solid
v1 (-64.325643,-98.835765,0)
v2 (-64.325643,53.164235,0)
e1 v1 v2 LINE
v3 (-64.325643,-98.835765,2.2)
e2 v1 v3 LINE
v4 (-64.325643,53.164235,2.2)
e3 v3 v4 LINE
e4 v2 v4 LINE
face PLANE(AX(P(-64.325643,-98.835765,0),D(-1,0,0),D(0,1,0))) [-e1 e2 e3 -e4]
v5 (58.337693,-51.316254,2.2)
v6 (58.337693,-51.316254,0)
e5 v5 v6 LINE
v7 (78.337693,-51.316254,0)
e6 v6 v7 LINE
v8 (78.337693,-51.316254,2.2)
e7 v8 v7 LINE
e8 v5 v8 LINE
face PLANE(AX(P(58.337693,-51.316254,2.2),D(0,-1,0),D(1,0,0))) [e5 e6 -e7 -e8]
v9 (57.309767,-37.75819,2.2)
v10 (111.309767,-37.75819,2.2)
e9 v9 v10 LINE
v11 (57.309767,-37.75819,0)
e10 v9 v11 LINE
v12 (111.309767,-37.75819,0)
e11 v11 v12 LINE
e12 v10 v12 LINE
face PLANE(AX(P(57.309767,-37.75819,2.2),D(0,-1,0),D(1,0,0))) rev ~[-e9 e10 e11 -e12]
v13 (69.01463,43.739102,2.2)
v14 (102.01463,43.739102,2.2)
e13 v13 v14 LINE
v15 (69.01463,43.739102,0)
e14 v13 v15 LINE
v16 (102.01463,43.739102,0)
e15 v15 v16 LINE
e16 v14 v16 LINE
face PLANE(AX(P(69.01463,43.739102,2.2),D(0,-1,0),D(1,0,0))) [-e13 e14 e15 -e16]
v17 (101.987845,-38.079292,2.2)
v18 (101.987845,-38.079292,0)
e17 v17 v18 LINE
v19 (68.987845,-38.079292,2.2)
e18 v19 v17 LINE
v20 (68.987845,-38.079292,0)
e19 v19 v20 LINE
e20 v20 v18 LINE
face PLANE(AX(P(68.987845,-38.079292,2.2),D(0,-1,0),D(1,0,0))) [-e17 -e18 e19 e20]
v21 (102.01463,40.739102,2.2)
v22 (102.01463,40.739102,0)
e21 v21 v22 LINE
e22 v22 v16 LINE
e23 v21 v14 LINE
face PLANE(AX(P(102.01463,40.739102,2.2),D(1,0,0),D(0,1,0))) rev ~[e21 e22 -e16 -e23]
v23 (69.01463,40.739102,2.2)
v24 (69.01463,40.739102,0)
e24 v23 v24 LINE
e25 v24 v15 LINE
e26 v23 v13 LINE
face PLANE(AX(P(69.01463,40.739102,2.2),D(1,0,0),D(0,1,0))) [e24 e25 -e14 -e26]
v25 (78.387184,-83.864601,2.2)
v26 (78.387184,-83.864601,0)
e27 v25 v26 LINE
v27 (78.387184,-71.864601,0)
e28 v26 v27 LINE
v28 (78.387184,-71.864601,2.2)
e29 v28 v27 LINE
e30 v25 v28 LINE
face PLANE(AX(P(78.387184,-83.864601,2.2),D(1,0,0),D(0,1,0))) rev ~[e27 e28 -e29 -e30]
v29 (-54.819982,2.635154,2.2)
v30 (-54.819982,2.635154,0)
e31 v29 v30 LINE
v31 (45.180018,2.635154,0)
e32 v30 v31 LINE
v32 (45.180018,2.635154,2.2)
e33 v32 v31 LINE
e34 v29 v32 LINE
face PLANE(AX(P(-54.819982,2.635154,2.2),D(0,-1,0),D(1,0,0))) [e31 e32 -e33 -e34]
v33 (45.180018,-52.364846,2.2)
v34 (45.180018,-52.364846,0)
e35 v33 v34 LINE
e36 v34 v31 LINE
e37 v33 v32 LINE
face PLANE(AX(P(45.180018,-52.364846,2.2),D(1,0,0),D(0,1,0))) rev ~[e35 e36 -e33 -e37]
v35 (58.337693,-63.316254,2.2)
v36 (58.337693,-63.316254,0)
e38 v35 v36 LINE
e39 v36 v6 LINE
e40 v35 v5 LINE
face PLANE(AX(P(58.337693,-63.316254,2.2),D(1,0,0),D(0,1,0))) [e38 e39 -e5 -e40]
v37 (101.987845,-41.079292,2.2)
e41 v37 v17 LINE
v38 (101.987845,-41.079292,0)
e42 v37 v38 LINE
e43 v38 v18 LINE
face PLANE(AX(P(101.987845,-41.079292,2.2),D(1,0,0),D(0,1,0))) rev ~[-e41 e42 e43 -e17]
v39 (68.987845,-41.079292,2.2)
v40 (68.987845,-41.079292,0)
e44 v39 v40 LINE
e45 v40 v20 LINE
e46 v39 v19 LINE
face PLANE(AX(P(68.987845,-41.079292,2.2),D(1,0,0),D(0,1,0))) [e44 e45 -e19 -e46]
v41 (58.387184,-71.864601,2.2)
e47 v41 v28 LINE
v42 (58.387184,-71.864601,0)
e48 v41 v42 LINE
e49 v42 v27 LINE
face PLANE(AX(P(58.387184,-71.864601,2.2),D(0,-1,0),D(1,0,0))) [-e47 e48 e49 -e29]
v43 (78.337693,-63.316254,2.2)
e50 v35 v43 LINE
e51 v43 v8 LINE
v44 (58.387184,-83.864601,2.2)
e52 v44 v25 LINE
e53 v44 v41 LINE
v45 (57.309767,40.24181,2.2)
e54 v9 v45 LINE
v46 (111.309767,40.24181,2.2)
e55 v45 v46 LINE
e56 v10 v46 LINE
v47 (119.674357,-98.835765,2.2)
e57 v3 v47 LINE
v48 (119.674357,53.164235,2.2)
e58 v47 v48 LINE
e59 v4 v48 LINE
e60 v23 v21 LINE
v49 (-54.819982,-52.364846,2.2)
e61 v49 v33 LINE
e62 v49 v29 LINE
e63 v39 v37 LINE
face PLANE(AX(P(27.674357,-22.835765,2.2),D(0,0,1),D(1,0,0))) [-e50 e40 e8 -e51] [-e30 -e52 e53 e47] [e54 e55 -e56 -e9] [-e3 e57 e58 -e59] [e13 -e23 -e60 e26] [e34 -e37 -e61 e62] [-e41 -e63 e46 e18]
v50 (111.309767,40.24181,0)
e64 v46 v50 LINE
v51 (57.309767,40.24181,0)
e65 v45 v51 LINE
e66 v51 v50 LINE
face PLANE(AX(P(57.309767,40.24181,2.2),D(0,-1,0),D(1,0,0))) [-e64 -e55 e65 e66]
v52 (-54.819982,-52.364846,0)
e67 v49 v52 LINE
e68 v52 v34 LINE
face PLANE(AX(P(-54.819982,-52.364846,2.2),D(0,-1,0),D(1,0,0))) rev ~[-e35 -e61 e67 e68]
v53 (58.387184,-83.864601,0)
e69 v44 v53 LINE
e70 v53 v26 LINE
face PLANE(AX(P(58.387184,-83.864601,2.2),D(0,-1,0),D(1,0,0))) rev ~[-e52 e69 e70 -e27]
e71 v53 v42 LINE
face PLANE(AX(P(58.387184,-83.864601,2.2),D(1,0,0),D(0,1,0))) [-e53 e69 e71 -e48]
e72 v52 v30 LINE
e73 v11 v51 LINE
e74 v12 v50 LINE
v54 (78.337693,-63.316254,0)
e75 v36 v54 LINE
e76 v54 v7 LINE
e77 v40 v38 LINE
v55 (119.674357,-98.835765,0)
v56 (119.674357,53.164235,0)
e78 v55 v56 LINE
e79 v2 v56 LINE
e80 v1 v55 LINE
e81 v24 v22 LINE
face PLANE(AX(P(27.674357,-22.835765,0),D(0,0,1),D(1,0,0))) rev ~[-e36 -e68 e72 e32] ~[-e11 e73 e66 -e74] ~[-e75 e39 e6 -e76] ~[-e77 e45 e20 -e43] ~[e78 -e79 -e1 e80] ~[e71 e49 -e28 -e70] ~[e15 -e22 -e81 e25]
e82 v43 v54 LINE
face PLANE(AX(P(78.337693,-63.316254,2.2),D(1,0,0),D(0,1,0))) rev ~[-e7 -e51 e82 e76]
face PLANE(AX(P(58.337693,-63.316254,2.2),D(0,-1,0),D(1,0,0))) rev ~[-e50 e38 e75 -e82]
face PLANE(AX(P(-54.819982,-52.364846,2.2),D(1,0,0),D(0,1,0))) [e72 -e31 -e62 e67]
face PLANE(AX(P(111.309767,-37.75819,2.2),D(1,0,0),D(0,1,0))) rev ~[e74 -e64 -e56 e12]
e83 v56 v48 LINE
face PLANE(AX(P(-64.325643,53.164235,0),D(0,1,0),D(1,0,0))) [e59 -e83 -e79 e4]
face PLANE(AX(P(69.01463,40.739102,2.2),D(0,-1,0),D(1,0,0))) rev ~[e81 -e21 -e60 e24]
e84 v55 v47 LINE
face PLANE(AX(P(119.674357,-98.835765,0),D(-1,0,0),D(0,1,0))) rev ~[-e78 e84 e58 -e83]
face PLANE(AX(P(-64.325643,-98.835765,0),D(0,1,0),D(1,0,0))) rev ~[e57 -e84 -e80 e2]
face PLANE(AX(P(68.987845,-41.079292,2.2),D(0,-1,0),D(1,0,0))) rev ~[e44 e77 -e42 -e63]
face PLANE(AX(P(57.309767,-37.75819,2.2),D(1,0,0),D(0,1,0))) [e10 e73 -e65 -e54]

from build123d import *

# Parameters (mm, degrees)
SKETCH_W      = 184
SKETCH_H      = 152
PAD_DEPTH     = 2.2
SKETCH001_W   = 54
SKETCH001_H   = 78
SKETCH001_W_2 = 100
SKETCH001_H_2 = 55
SKETCH001_W_3 = 20
SKETCH001_H_3 = 12
SKETCH001_W_4 = 33
SKETCH001_H_4 = 3
POCKET_DEPTH  = 11


with BuildPart() as part:
    # Sketch → Pad (new body)
    with BuildSketch(Plane.XY):
        with Locations((27.674357, -22.835765)):
            Rectangle(SKETCH_W, SKETCH_H)
    extrude(amount=PAD_DEPTH)

    # Sketch001 (on Face6 of Pad) → Pocket (cut)
    with BuildSketch(Plane.XY.offset(2.2)):
        with Locations((84.309767, 1.24181)):
            Rectangle(SKETCH001_W, SKETCH001_H)
        with Locations((-4.819982, -24.864846)):
            Rectangle(SKETCH001_W_2, SKETCH001_H_2)
        with Locations((68.337693, -57.316254)):
            Rectangle(SKETCH001_W_3, SKETCH001_H_3)
        with Locations((68.387184, -77.864601)):
            Rectangle(SKETCH001_W_3, SKETCH001_H_3)
        with Locations((85.51463, 42.239102)):
            Rectangle(SKETCH001_W_4, SKETCH001_H_4)
        with Locations((85.487845, -39.579292)):
            Rectangle(SKETCH001_W_4, SKETCH001_H_4)
    extrude(amount=-POCKET_DEPTH, mode=Mode.SUBTRACT)


solid = part.part
